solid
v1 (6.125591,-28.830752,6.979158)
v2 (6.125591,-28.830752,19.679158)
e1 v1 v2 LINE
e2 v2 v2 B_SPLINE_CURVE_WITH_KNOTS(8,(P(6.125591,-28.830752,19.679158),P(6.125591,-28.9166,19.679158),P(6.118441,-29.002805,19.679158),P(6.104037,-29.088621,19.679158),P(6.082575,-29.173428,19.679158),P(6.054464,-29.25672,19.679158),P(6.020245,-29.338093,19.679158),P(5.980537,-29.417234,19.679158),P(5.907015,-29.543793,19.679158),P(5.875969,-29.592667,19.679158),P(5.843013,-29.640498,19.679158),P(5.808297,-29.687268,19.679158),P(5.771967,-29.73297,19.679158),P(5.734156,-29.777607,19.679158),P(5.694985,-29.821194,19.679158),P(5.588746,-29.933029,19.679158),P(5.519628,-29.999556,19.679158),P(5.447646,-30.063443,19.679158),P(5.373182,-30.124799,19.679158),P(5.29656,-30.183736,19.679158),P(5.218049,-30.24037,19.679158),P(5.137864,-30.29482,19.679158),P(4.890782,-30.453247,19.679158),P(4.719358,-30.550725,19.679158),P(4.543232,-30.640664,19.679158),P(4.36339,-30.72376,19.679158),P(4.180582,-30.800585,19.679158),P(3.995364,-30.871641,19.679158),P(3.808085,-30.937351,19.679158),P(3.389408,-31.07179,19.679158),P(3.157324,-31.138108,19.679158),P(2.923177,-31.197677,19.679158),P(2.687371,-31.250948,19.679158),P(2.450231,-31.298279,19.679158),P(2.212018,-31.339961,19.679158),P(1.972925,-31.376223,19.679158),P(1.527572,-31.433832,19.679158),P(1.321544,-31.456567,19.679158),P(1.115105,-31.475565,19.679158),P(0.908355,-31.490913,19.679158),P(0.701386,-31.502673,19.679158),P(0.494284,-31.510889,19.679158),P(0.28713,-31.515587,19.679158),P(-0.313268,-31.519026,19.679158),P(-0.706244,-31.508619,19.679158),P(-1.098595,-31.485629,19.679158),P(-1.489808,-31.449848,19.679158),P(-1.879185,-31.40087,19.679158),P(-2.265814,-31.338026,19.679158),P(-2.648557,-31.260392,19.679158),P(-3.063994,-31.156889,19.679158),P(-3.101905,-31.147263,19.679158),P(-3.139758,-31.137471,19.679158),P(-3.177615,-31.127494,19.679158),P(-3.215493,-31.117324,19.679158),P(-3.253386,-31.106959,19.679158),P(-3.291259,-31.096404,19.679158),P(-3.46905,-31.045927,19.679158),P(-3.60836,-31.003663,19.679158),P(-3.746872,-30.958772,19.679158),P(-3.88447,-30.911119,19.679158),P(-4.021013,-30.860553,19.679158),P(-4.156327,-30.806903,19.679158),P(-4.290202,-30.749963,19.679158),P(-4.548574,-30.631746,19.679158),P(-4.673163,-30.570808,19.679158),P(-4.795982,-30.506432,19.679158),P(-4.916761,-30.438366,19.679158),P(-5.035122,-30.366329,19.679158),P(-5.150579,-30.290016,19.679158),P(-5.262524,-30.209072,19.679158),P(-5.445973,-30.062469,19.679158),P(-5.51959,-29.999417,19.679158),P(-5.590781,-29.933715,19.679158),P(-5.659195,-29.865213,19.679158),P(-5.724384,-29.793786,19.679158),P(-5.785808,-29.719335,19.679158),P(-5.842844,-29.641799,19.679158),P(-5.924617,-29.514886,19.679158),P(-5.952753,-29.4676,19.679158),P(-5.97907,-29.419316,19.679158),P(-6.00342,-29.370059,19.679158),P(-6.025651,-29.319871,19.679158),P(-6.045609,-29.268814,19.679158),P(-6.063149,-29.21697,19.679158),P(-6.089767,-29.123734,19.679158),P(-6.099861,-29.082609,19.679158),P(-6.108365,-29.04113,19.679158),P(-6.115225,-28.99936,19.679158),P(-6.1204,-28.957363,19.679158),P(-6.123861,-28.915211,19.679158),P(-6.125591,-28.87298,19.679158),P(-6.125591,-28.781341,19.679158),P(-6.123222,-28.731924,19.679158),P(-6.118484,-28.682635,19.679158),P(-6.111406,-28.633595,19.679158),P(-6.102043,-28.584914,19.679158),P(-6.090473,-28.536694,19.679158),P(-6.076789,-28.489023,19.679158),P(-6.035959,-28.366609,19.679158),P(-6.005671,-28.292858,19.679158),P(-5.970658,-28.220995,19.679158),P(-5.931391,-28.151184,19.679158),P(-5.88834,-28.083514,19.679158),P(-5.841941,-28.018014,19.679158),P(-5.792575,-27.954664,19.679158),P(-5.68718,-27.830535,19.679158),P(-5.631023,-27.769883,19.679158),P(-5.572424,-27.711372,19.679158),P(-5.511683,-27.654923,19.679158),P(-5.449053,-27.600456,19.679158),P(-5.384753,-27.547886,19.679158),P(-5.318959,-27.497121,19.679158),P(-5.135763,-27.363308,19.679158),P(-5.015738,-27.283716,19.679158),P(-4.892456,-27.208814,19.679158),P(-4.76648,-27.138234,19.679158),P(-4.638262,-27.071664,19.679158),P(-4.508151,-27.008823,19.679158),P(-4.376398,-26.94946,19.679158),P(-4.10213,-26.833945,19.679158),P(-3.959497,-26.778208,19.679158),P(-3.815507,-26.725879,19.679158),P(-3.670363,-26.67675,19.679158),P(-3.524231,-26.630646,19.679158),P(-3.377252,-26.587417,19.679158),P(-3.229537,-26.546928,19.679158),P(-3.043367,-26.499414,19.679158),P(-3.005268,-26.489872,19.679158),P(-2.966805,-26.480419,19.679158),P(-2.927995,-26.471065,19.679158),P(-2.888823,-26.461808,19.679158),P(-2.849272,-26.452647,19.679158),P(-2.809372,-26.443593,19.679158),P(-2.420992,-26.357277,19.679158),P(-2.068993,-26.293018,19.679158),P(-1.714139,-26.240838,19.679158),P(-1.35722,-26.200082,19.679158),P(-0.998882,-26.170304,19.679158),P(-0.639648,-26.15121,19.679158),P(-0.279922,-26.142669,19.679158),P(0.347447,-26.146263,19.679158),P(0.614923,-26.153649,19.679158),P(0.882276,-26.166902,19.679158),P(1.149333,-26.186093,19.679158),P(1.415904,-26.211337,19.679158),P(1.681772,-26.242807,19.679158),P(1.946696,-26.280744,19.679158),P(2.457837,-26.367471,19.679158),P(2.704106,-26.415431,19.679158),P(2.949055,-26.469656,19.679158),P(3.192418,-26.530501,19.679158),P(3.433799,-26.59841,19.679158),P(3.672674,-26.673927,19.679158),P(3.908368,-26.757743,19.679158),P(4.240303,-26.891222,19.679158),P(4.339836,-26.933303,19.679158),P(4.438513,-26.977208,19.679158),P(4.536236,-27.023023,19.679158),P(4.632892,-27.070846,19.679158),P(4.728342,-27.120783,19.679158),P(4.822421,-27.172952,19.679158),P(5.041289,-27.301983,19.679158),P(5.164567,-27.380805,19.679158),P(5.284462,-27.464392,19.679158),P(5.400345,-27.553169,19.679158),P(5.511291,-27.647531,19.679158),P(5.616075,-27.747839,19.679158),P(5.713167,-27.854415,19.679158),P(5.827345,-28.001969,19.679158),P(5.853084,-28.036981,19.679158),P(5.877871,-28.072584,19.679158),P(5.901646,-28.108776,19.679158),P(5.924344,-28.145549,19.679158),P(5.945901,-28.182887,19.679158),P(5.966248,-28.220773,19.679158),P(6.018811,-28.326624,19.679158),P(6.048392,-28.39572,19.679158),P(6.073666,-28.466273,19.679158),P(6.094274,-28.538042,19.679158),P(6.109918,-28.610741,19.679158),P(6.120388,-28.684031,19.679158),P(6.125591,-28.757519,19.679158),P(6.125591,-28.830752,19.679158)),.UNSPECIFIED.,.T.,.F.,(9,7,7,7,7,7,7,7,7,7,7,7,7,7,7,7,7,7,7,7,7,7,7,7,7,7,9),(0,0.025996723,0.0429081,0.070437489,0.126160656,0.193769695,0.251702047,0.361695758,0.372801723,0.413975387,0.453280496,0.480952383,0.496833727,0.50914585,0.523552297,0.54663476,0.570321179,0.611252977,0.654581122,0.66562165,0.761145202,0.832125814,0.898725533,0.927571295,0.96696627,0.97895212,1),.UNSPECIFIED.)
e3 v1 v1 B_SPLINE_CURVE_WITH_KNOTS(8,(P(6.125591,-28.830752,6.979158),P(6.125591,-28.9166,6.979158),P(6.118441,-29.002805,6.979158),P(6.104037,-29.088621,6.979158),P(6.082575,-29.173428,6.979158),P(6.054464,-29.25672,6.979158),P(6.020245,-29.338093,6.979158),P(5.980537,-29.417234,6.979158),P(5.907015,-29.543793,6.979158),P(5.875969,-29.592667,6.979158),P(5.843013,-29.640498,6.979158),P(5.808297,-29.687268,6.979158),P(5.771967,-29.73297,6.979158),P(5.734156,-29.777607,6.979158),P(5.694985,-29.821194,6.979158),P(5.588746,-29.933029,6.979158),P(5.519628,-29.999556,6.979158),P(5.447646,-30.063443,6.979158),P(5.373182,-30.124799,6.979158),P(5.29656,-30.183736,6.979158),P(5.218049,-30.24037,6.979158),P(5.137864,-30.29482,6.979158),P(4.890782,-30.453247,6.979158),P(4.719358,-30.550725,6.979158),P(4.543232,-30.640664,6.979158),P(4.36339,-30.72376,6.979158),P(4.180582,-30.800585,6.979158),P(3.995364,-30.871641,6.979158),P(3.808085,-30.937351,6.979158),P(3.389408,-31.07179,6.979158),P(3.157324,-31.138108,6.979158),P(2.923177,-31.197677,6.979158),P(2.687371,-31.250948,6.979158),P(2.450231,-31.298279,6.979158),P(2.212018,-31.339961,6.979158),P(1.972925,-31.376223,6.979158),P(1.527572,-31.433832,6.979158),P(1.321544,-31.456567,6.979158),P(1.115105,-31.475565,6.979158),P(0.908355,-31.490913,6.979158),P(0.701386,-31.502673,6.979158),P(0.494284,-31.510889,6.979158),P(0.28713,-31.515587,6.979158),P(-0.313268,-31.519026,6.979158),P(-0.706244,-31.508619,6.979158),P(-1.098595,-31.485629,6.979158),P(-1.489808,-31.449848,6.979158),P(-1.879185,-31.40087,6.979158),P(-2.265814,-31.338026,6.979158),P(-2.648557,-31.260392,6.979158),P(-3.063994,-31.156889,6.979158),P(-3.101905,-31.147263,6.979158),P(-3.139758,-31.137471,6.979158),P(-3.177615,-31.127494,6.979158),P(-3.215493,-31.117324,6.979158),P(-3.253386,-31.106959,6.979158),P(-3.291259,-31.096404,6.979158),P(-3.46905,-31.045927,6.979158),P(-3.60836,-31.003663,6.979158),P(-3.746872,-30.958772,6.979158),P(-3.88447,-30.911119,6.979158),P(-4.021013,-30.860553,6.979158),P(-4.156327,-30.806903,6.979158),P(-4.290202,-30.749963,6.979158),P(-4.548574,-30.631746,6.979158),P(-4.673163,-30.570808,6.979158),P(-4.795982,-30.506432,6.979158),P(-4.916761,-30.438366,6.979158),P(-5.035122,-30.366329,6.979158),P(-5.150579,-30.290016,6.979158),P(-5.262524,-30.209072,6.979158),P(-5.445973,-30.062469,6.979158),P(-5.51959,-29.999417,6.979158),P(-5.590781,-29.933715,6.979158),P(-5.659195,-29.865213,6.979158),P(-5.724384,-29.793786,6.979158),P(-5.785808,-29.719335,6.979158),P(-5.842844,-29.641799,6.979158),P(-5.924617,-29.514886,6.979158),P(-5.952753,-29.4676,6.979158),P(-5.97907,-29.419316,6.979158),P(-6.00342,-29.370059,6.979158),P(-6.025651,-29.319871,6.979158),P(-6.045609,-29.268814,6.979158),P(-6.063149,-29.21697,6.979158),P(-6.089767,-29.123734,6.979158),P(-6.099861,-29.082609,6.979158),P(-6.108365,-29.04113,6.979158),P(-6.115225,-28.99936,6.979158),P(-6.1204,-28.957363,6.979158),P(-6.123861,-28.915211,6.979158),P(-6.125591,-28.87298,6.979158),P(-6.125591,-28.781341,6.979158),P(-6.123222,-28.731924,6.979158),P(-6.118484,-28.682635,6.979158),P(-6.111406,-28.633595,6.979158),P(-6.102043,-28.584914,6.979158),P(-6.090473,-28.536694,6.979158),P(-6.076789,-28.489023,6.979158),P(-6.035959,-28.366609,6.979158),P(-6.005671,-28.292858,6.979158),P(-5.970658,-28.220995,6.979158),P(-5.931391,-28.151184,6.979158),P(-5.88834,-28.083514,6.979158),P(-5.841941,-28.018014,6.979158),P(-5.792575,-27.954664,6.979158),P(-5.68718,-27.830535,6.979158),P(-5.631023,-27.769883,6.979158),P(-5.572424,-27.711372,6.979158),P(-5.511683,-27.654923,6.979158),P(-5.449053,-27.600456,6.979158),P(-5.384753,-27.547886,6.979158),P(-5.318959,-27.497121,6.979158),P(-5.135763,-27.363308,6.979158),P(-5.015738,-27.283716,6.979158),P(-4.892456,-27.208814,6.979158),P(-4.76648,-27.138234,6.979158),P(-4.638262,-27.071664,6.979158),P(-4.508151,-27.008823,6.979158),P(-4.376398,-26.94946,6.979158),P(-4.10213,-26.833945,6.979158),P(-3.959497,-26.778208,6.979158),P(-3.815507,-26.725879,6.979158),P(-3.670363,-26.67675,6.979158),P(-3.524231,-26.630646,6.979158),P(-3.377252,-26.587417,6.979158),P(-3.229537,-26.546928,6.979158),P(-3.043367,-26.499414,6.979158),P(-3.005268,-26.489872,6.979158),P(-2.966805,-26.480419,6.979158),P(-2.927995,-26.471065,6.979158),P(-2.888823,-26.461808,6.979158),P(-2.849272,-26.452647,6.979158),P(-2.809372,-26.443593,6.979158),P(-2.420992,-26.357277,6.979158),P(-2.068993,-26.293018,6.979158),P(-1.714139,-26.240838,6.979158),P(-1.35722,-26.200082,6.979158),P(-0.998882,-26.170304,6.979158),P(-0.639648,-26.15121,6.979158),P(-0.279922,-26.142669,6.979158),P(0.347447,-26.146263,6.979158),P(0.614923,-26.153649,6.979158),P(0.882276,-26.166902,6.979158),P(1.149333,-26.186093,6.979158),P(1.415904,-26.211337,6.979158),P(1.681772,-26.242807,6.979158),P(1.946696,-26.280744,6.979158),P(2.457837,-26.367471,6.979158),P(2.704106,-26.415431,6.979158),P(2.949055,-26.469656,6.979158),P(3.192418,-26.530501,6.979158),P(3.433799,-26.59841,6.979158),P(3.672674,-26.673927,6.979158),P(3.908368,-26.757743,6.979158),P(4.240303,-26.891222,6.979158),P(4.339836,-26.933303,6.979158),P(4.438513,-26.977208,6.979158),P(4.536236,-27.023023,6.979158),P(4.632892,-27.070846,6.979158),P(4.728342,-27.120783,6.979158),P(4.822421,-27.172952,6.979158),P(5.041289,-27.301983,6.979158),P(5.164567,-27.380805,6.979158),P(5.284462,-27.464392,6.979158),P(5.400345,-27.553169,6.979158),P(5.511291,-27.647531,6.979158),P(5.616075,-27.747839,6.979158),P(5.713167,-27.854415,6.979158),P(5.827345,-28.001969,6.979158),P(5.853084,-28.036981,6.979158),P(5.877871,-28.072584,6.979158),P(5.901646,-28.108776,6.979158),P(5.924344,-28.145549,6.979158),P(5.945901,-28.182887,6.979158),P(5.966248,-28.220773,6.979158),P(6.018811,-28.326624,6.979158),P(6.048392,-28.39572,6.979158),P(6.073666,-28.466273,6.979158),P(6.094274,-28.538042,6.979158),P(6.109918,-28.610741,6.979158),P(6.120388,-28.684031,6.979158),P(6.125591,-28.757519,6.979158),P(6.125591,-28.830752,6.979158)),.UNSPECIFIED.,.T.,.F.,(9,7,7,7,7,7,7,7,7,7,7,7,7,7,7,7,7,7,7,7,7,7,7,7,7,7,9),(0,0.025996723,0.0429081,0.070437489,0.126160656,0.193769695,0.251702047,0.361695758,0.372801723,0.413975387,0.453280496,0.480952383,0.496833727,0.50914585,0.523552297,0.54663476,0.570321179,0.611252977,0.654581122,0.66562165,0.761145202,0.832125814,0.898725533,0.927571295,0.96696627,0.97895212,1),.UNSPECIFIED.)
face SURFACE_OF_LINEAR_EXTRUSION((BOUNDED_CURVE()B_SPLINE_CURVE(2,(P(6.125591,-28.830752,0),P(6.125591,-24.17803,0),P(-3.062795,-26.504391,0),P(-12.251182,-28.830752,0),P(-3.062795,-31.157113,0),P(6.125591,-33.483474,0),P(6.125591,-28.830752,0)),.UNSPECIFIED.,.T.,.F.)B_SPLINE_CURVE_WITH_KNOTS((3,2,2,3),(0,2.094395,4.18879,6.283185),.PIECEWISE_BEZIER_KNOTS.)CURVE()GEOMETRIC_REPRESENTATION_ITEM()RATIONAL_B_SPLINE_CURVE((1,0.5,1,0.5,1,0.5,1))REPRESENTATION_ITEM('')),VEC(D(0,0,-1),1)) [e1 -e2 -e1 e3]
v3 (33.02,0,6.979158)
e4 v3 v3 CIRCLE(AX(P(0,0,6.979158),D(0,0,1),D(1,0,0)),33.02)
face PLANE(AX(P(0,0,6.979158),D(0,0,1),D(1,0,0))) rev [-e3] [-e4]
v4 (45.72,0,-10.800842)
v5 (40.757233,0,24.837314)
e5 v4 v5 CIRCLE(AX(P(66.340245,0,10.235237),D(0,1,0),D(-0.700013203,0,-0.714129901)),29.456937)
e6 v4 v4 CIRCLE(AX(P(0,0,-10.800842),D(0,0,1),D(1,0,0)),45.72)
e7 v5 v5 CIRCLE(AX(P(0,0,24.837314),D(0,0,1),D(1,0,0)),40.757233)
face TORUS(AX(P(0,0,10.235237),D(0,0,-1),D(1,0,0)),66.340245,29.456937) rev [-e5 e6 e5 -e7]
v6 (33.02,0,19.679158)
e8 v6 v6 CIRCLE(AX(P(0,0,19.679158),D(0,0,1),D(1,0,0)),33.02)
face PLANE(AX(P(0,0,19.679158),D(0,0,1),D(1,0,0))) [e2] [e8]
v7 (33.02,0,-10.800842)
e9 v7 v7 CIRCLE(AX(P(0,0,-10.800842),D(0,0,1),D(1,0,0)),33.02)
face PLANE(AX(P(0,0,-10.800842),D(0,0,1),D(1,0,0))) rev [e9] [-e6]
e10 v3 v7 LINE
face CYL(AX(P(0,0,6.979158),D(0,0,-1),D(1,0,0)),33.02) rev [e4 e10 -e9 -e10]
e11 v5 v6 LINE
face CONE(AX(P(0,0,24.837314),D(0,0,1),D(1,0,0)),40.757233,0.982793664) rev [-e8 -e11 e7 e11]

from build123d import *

# Parameters (mm, degrees)
F3_DEPTH = 25.4


with BuildPart() as f1:
    # F0 (on Front) → F1 (revolve)
    with BuildSketch(Plane.XZ):
        with BuildLine():
            Line((40.757233, 24.837314), (33.02, 19.679158))
            Line((33.02, 19.679158), (0, 19.679158))
            Line((0, 19.679158), (0, 6.979158))
            Line((0, 6.979158), (33.02, 6.979158))
            Line((33.02, 6.979158), (33.02, -10.800842))
            Line((33.02, -10.800842), (45.72, -10.800842))
            ThreePointArc((45.72, -10.800842), (37.164831, 6.172435), (40.757233, 24.837314))
        make_face()
    revolve(axis=Axis((0, 0, 13.329158), (0, 0, 1)))

    # F2 (on Top) → F3 (cut, symmetric)
    with BuildSketch(Plane.XY):
        with BuildLine():
            add(Edge.make_bspline(
                [(6.125591, -28.830752), (6.125591, -24.17803), (-3.062795, -26.504391), (-12.251182, -28.830752), (-3.062795, -31.157113), (6.125591, -33.483474), (6.125591, -28.830752)],
                knots=[0, 0, 0, 2.094395, 2.094395, 4.18879, 4.18879, 6.283185, 6.283185, 6.283185], degree=2, weights=[1, 0.5, 1, 0.5, 1, 0.5, 1]))
        make_face()
    extrude(amount=F3_DEPTH, both=True, mode=Mode.SUBTRACT)


solid = f1.part
